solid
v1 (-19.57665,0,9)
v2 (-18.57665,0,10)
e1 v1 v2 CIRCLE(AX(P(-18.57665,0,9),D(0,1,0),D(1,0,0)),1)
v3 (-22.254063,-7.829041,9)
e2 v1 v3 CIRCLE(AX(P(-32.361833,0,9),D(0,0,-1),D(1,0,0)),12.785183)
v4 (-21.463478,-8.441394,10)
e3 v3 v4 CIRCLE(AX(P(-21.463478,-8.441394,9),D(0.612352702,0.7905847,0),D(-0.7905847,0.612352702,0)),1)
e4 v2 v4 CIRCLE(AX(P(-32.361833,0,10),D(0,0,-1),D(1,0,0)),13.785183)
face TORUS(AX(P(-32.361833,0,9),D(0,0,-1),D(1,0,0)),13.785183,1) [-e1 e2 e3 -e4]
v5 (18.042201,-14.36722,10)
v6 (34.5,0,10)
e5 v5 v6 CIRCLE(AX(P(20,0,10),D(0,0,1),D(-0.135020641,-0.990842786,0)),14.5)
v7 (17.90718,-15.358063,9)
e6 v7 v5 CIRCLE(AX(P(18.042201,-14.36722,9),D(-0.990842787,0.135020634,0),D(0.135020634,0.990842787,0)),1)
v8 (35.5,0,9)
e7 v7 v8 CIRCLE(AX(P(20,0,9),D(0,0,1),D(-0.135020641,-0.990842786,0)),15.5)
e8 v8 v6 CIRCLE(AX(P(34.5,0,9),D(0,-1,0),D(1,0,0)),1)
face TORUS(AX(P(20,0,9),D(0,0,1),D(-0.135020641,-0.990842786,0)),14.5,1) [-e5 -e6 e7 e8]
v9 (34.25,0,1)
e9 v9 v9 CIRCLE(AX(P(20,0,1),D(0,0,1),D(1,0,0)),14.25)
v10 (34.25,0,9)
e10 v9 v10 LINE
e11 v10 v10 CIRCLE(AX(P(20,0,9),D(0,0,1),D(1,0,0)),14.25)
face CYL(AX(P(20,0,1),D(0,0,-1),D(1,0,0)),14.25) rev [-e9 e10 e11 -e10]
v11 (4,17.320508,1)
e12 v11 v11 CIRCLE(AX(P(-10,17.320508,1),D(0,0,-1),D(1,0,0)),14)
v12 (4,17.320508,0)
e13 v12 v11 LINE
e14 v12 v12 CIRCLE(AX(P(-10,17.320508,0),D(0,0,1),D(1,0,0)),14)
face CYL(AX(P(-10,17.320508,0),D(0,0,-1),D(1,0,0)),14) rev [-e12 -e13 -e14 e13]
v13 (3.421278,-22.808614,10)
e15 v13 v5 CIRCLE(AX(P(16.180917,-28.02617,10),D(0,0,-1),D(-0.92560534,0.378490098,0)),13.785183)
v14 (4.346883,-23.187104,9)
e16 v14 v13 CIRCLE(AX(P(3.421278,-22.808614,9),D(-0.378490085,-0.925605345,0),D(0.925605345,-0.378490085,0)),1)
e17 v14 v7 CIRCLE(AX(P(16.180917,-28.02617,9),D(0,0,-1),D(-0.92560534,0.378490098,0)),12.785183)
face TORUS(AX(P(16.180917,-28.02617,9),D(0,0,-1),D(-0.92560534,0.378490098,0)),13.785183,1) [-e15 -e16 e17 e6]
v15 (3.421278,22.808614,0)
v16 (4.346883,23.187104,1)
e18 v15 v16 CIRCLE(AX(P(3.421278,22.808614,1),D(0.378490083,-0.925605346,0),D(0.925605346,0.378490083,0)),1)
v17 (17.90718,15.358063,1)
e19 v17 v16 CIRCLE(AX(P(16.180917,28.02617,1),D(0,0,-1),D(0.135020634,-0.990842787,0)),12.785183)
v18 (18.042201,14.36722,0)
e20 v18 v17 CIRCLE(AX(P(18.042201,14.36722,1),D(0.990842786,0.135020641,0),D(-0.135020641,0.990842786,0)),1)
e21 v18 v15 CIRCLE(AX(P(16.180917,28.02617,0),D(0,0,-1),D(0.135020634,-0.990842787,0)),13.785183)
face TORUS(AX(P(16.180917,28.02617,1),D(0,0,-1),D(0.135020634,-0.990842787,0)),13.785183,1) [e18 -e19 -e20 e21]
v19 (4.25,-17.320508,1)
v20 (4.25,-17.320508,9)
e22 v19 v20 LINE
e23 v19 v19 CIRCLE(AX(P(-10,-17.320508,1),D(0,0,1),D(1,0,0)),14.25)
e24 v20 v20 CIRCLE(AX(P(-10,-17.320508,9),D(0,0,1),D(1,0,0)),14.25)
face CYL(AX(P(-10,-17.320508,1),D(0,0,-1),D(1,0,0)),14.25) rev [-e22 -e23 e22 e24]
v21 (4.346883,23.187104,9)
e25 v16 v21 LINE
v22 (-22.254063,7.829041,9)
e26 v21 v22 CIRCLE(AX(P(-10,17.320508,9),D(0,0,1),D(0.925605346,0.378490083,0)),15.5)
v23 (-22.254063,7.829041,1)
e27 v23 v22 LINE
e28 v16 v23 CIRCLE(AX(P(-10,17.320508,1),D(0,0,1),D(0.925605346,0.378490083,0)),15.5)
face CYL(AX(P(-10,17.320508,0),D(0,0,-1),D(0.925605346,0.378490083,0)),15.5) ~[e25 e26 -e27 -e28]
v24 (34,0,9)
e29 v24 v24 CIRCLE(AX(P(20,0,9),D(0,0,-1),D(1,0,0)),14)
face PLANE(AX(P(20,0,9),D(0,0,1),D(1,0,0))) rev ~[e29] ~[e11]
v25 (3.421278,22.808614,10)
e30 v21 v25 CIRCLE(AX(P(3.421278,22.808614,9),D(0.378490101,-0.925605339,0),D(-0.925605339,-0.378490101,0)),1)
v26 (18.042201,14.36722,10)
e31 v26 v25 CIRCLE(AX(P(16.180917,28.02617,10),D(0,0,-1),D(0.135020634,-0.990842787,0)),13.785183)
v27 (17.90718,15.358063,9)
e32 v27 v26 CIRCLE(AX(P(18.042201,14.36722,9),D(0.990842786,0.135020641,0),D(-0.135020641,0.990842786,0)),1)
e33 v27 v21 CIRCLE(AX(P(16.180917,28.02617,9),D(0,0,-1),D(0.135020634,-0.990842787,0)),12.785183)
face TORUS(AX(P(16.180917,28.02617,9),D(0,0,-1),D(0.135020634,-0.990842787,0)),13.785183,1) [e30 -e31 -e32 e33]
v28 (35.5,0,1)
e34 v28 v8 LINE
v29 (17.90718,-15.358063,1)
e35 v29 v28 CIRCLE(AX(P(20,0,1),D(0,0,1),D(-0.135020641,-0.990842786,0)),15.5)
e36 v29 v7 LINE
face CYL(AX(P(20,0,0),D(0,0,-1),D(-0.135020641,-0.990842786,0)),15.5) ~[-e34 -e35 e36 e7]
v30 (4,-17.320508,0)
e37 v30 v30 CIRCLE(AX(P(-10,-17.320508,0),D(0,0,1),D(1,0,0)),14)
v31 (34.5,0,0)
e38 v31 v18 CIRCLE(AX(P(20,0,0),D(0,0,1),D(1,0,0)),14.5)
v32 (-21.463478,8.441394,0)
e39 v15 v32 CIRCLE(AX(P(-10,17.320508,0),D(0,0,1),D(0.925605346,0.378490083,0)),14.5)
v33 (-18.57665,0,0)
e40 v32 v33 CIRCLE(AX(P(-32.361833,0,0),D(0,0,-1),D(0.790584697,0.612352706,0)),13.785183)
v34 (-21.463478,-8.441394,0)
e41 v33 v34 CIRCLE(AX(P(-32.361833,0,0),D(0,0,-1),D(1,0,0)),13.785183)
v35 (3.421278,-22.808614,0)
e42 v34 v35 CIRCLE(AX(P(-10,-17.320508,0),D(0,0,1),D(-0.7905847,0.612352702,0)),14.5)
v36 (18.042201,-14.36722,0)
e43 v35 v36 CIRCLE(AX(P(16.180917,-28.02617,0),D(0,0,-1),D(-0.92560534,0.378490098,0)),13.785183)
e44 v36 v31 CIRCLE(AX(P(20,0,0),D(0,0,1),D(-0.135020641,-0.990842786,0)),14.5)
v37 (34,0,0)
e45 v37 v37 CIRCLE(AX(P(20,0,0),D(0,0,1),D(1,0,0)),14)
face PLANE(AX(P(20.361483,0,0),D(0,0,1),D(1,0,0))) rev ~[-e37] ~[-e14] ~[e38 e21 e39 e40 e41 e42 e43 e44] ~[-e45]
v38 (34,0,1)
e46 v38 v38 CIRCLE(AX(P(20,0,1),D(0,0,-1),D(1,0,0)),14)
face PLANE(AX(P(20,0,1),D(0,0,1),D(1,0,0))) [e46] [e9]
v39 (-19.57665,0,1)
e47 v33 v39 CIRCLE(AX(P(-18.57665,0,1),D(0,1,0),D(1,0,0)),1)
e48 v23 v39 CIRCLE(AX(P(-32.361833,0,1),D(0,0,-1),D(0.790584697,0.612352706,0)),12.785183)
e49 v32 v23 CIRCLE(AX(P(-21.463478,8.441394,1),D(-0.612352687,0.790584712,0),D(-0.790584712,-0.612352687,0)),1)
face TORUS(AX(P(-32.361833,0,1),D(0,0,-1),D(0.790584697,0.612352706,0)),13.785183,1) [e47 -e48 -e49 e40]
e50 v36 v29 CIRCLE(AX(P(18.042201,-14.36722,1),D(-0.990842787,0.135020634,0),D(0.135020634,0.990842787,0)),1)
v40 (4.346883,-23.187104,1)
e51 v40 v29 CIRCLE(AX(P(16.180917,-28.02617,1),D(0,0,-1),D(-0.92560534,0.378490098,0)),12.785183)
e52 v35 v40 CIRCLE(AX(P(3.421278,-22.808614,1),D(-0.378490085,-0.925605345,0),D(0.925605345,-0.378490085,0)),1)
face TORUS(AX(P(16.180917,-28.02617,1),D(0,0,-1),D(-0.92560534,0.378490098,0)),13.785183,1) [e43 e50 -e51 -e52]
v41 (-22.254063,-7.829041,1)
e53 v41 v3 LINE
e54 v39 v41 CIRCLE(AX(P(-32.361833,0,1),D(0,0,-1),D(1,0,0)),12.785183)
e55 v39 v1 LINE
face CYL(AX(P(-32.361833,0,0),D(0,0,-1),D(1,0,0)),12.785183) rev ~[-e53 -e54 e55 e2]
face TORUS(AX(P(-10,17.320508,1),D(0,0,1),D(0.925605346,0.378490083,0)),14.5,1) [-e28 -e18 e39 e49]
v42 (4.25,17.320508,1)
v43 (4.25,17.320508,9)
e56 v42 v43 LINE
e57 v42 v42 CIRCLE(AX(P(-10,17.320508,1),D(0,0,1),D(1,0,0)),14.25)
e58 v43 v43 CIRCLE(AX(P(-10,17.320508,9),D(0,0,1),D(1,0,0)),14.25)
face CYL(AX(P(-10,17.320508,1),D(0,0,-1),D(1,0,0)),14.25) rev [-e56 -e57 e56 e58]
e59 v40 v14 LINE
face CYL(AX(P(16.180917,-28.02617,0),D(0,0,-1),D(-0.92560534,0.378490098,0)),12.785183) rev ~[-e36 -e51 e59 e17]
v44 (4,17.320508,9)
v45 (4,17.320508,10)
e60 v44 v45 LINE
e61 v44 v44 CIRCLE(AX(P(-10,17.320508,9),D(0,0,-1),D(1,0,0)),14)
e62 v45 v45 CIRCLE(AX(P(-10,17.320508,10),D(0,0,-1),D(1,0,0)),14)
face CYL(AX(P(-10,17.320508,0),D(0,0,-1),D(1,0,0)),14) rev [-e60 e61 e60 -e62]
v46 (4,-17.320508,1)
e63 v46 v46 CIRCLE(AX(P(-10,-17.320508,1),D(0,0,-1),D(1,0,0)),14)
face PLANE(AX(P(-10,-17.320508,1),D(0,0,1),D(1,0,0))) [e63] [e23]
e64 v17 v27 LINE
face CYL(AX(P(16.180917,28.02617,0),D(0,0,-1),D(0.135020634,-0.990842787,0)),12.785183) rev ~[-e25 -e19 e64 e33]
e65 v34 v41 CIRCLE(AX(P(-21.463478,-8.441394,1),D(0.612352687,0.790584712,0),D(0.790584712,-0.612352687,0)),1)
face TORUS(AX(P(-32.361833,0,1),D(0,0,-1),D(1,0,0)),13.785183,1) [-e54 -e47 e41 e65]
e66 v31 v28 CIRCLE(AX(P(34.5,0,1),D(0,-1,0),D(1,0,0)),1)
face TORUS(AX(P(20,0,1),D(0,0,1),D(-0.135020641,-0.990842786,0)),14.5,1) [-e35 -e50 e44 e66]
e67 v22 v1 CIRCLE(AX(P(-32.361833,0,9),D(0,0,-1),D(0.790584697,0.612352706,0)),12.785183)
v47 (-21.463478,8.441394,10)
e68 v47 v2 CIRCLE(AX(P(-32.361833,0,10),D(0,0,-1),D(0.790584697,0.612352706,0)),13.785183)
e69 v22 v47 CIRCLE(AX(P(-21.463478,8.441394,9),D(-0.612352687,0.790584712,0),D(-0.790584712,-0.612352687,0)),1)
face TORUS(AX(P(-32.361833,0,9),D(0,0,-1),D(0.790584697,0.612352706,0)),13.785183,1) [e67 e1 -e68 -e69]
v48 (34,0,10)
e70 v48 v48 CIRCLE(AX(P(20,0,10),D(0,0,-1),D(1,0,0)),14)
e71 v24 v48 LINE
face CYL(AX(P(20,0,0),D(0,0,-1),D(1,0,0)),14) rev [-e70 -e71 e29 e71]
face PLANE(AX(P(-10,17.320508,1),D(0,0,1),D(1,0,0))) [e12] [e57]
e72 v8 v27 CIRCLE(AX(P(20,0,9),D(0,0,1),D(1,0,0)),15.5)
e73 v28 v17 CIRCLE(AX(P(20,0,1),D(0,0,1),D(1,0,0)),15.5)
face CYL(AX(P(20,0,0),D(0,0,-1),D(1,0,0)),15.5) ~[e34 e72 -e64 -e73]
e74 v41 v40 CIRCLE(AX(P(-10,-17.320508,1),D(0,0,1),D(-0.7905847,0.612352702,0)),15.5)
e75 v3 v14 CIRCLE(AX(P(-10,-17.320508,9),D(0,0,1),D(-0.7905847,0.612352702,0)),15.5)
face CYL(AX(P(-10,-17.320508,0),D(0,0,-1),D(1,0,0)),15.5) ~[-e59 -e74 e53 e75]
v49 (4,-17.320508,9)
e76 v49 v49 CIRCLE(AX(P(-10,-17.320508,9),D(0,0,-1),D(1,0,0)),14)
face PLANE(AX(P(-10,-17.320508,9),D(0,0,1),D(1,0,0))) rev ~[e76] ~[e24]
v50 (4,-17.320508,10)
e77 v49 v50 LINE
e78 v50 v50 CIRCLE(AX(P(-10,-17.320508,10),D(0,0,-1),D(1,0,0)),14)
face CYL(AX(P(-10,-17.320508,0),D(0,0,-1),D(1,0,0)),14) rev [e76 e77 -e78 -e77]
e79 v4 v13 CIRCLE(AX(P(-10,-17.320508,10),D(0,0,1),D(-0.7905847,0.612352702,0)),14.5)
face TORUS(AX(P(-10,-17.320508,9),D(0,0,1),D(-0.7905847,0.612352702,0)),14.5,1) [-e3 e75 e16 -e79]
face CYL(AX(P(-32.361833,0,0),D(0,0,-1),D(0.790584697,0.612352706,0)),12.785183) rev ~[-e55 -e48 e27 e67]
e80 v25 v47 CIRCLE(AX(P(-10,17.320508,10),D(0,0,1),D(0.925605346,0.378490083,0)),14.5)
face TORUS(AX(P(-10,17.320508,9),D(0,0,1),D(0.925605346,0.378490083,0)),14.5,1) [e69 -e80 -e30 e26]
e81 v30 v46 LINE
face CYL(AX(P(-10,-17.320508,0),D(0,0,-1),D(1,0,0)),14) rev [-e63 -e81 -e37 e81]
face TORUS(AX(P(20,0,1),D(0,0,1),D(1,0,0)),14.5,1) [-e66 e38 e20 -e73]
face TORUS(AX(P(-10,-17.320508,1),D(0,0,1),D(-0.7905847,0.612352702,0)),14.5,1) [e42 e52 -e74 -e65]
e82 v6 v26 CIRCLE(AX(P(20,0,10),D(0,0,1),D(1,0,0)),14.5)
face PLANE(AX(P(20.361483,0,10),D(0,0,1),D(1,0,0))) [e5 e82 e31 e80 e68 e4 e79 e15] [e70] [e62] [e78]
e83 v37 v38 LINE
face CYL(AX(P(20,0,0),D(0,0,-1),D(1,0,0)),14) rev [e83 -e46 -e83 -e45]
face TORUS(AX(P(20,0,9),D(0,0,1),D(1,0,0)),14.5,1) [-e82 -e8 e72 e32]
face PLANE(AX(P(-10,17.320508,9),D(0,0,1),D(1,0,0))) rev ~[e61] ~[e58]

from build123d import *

# Parameters (mm, degrees)
F1_DEPTH      = 10
F2_R          = 14
F3_DEPTH      = 25
F3_DEPTH_BACK = 25
F5_START      = 1
F4_R          = 14.25
F5_DEPTH      = 8
F6_R          = 1
F7_R          = 1


with BuildPart() as f1:
    # F0 (on Top) → F1 (new body)
    with BuildSketch(Plane.XY):
        with BuildLine():
            ThreePointArc((17.9071800695, -15.3580631832), (30.1934118694, -11.6766585315), (35.5, 0))
            ThreePointArc((35.5, 0), (30.1934118694, 11.6766585315), (17.9071800695, 15.3580631832))
            ThreePointArc((17.9071800695, 15.3580631832), (4.5, 0), (17.9071800695, -15.3580631832))
        make_face()
        with BuildLine():
            ThreePointArc((5.5, 17.3205080757), (5.2089888633, 20.3099323942), (4.3468828701, 23.1871043555))
            ThreePointArc((4.3468828701, 23.1871043555), (-17.7499998668, 30.7439019112), (-22.2540630355, 7.8290414281))
            ThreePointArc((-22.2540630355, 7.8290414281), (-4.9844231164, 2.6544251452), (5.5, 17.3205080757))
        make_face()
        with BuildLine():
            ThreePointArc((-22.2540628496, -7.8290411881), (-17.7500000176, -30.7439018242), (4.3468828532, -23.1871043968))
            ThreePointArc((4.3468828532, -23.1871043968), (5.208988859, -20.3099324162), (5.5, -17.3205080757))
            ThreePointArc((5.5, -17.3205080757), (-4.9844229728, -2.6544251943), (-22.2540628496, -7.8290411881))
        make_face()
        with BuildLine():
            ThreePointArc((17.9071800695, -15.3580631832), (4.5, 0), (17.9071800695, 15.3580631832))
            ThreePointArc((17.9071800695, 15.3580631832), (9.7883250707, 16.9538762501), (4.3468828701, 23.1871043555))
            ThreePointArc((4.3468828701, 23.1871043555), (5.2089888633, 20.3099323942), (5.5, 17.3205080757))
            ThreePointArc((5.5, 17.3205080757), (-4.9844231164, 2.6544251452), (-22.2540630355, 7.8290414281))
            ThreePointArc((-22.2540630355, 7.8290414281), (-20.264507037, 4.1371013379), (-19.5766500605, 0))
            ThreePointArc((-19.5766500605, 0), (-20.2645069879, -4.1371011943), (-22.2540628496, -7.8290411881))
            ThreePointArc((-22.2540628496, -7.8290411881), (-4.9844229728, -2.6544251943), (5.5, -17.3205080757))
            ThreePointArc((5.5, -17.3205080757), (5.208988859, -20.3099324162), (4.3468828532, -23.1871043968))
            ThreePointArc((4.3468828532, -23.1871043968), (9.7883250513, -16.9538762612), (17.9071800695, -15.3580631832))
        make_face()
    extrude(amount=F1_DEPTH)

    # F2 (on Top) → F3 (cut, two sides)
    with BuildSketch(Plane.XY) as f3_sk:
        with Locations((20, 0)):
            Circle(F2_R)
        with Locations((-10, 17.3205080757)):
            Circle(F2_R)
        with Locations((-10, -17.3205080757)):
            Circle(F2_R)
    extrude(amount=-F3_DEPTH, mode=Mode.SUBTRACT)
    extrude(f3_sk.sketch, amount=F3_DEPTH_BACK, mode=Mode.SUBTRACT)

    # F4 (on Top) → F5 (cut)
    with BuildSketch(Plane.XY.offset(F5_START)):
        with Locations((20, 0)):
            Circle(F4_R)
        with Locations((-10, 17.3205080757)):
            Circle(F4_R)
        with Locations((-10, -17.3205080757)):
            Circle(F4_R)
    extrude(amount=F5_DEPTH, mode=Mode.SUBTRACT)

    # F6
    f6_edges = [f1.edges().sort_by_distance(p)[0] for p in [
        (-17.75, -30.743902, 10),
        (9.788325, -16.953876, 10),
        (35.5, 0, 10),
        (9.788325, 16.953876, 10),
        (-19.57665, 0, 10),
        (-17.75, 30.743902, 10),
    ]]
    fillet(f6_edges, radius=F6_R)

    # F7
    f7_edges = [f1.edges().sort_by_distance(p)[0] for p in [
        (-17.75, 30.743902, 0),
        (9.788325, 16.953876, 0),
        (35.5, 0, 0),
        (9.788325, -16.953876, 0),
        (-17.75, -30.743902, 0),
        (-19.57665, 0, 0),
    ]]
    fillet(f7_edges, radius=F7_R)


solid = f1.part
